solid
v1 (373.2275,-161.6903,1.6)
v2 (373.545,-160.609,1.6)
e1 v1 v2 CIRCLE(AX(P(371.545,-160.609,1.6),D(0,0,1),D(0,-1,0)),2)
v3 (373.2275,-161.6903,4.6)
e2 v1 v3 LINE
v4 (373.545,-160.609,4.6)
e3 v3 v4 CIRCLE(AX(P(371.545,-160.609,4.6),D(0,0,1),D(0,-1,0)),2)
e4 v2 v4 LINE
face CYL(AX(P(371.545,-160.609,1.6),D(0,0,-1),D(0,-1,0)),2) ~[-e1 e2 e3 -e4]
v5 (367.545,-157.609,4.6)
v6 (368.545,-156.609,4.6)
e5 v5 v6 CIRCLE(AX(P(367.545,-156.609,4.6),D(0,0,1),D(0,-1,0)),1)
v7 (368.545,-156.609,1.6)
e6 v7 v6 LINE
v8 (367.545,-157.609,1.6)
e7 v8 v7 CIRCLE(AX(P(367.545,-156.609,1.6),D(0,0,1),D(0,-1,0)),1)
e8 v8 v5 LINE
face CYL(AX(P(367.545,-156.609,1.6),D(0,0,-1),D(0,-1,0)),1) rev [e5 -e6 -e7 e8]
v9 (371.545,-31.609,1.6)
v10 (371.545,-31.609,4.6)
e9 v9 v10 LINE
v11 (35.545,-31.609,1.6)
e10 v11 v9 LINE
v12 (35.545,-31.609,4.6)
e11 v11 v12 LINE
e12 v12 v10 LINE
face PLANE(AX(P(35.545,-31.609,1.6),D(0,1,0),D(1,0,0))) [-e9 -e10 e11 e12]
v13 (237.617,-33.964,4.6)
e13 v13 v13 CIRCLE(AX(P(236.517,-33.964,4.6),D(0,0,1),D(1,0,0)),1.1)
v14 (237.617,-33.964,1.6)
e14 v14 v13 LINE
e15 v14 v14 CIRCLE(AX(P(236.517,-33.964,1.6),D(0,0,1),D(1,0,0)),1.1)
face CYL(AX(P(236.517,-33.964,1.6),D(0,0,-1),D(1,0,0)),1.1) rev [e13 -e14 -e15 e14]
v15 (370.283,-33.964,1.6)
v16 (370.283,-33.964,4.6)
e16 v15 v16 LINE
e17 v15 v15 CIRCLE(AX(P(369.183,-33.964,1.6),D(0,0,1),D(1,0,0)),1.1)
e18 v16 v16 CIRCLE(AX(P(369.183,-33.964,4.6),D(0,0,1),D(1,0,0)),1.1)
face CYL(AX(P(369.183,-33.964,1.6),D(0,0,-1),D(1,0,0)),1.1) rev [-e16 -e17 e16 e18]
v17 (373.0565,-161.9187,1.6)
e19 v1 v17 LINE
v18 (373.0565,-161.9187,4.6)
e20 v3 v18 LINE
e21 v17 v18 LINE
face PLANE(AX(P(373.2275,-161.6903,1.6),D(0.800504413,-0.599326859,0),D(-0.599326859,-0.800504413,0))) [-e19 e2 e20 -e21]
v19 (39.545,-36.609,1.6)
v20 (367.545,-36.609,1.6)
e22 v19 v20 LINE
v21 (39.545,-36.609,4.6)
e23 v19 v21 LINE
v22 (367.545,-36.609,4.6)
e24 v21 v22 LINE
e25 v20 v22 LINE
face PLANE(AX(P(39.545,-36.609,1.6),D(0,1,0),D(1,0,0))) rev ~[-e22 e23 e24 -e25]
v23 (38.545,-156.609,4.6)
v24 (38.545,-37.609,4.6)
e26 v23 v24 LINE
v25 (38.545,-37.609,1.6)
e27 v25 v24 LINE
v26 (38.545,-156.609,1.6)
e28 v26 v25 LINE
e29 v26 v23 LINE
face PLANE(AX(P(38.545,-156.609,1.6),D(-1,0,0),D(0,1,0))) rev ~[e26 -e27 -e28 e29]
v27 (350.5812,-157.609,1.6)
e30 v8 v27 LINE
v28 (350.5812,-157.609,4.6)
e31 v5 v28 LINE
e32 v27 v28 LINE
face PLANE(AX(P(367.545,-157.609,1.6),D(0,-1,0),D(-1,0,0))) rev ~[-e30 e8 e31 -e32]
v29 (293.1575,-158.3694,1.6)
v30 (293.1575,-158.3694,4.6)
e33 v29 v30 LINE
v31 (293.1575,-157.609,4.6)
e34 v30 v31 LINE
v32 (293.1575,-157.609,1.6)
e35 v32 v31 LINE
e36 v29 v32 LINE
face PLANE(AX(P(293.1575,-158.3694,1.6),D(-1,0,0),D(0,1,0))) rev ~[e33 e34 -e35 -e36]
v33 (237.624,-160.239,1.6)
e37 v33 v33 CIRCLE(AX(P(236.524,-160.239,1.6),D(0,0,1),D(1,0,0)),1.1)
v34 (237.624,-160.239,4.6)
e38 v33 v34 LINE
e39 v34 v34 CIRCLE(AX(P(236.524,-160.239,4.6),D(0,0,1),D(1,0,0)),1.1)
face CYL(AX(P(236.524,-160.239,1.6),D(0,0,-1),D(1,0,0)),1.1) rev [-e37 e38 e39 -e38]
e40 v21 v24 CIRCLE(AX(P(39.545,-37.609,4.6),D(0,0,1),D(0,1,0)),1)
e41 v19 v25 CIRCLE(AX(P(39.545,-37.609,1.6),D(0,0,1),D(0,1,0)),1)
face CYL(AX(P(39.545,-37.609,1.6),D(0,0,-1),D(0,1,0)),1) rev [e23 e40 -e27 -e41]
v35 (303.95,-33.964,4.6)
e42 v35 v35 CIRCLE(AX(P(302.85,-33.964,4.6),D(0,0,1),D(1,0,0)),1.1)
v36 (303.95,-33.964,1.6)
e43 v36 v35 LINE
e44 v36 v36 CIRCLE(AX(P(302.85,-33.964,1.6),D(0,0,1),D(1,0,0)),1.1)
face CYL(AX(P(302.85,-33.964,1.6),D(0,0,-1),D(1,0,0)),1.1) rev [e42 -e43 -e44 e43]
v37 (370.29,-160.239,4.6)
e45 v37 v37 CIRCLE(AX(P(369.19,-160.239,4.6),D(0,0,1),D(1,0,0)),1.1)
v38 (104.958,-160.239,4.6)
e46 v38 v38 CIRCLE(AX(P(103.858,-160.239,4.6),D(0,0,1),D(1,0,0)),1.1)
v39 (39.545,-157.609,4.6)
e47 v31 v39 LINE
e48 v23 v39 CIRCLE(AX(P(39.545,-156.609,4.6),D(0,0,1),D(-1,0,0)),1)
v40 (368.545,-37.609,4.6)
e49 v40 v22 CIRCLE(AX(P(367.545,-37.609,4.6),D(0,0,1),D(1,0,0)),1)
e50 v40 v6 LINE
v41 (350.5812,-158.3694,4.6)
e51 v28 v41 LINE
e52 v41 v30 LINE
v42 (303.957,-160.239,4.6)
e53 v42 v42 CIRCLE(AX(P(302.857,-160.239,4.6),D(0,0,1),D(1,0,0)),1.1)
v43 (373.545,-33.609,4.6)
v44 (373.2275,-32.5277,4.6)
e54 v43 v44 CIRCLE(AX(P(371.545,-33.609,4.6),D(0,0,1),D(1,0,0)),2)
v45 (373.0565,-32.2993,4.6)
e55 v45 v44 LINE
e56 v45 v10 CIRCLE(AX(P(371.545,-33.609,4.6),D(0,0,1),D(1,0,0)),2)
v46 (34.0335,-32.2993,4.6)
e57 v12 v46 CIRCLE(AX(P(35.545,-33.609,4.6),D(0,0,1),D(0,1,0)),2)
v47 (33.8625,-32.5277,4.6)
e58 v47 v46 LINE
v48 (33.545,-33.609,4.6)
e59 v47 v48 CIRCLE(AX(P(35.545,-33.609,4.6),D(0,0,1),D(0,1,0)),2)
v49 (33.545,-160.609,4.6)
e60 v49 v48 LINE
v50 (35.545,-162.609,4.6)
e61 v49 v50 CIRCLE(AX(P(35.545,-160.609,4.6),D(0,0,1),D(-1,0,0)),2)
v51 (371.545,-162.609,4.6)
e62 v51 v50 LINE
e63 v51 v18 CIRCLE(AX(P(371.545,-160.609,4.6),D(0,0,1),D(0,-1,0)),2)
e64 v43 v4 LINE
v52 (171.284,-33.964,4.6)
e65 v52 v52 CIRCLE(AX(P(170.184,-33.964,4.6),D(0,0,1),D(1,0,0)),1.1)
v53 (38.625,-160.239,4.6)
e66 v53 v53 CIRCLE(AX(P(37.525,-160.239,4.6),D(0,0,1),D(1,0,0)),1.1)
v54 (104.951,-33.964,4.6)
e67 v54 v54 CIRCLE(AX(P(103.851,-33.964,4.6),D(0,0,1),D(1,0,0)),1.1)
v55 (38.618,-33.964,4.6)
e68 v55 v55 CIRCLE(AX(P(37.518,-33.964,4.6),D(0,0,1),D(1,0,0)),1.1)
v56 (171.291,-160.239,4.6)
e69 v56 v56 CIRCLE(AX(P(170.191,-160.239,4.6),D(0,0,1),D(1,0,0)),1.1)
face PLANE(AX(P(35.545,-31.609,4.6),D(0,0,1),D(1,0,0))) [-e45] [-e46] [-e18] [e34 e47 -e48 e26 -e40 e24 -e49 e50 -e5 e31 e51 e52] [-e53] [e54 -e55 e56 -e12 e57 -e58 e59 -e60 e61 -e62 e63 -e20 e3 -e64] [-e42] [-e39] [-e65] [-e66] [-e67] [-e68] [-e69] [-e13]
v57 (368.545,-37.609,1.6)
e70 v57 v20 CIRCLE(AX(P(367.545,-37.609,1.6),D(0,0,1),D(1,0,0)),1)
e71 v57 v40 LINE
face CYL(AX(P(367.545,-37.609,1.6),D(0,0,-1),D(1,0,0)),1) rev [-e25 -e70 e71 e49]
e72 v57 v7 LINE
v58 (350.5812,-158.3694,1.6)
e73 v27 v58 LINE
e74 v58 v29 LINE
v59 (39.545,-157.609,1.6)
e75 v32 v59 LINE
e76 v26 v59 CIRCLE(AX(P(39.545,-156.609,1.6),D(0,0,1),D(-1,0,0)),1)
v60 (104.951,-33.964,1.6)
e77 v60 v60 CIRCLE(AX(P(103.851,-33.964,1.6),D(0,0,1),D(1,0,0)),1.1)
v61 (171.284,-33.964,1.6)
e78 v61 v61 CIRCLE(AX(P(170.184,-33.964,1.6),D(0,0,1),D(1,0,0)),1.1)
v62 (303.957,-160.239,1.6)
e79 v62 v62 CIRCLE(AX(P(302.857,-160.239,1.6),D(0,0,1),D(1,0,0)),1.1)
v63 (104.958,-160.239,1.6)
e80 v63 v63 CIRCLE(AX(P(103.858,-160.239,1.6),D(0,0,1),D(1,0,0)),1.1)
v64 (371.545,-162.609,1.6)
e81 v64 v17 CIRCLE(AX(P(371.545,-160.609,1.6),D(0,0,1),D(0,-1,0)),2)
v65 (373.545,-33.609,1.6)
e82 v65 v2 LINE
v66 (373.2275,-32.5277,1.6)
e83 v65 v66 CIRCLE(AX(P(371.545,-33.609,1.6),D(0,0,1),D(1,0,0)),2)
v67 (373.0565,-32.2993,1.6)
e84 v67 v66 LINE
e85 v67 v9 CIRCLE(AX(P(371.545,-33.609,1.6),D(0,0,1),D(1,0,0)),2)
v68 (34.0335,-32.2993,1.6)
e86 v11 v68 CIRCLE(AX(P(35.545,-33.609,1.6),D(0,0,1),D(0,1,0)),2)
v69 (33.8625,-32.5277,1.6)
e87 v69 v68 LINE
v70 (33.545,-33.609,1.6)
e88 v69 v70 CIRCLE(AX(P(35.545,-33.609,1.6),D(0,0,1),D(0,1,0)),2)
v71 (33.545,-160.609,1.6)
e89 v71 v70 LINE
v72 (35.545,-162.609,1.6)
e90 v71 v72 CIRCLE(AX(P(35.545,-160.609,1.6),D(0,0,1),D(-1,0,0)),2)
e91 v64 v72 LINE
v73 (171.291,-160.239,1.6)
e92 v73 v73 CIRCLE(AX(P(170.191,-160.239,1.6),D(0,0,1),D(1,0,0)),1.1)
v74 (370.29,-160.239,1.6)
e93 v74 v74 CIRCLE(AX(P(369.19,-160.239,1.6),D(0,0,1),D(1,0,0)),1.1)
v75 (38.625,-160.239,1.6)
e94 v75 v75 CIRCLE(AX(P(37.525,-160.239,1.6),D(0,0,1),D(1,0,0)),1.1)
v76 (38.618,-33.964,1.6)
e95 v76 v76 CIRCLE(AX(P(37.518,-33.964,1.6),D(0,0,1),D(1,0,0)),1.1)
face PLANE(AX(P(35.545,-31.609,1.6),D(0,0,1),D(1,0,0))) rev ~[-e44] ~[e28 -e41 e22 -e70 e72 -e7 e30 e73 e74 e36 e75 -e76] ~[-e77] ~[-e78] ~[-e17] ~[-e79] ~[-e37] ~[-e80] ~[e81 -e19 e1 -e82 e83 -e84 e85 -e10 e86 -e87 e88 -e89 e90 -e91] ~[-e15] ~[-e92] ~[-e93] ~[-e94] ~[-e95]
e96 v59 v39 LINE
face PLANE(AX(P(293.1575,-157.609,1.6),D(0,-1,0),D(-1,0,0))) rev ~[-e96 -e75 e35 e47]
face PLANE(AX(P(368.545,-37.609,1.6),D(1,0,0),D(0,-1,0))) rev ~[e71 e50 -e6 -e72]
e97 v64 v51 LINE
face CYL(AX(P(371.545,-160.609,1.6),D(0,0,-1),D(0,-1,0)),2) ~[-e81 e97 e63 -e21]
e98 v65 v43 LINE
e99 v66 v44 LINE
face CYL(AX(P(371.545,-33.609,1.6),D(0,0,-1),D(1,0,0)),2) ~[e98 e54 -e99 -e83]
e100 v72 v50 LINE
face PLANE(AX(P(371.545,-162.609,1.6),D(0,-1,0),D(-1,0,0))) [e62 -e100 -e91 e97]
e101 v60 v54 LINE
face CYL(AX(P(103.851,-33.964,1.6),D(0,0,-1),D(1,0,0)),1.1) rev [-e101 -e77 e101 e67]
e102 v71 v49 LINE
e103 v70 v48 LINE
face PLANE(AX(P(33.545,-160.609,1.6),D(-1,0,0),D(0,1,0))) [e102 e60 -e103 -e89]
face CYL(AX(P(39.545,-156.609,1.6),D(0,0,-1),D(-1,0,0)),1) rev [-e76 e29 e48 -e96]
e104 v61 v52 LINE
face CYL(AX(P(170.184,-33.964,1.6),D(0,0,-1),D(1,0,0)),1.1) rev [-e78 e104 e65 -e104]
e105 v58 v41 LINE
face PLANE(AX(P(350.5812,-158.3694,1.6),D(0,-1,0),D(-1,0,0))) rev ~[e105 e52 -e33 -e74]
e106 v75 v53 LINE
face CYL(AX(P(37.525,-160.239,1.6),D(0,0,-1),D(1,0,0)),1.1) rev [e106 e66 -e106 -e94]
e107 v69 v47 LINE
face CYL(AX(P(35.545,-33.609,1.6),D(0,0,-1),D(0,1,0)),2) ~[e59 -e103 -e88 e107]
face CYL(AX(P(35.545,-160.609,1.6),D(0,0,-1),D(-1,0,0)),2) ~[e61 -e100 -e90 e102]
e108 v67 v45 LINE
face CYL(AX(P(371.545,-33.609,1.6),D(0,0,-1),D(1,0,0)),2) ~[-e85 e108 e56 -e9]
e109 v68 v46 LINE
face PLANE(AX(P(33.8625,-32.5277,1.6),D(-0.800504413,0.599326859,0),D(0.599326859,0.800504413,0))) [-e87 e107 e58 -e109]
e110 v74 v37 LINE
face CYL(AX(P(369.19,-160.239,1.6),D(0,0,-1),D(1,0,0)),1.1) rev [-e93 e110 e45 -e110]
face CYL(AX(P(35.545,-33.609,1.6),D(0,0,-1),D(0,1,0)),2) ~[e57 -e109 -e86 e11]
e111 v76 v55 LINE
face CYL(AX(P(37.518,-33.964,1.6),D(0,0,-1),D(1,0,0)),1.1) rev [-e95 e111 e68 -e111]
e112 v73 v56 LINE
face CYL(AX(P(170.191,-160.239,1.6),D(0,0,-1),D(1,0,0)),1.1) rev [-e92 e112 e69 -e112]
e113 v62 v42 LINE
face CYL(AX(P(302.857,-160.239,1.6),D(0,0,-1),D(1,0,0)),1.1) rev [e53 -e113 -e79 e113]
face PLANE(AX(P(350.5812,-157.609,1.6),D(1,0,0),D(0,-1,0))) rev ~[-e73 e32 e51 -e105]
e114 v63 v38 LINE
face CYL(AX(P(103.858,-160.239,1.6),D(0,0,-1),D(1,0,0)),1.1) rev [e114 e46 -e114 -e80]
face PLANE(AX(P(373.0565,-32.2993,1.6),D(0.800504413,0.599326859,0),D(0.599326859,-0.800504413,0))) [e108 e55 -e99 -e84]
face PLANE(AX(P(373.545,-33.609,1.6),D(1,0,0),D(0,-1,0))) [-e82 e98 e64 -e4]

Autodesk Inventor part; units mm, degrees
ref_plane "YZ Plane" through (0, 0, 0) normal (1, 0, 0) x (0, 1, 0)
ref_plane "XZ Plane" through (0, 0, 0) normal (0, 1, 0) x (-1, 0, 0)
ref_plane "XY Plane" through (0, 0, 0) normal (0, 0, 1) x (1, 0, 0)
ref_plane "Work Plane2" through (35.545, -31.609, 1.6) normal (0, 0, 1) x (1, 0, 0)
ref_plane "Work Plane1" through (35.545, -31.609, 1.6) normal (0, 0, 1) x (1, 0, 0)
sketch "Sketch1" plane through (35.545, -31.609, 1.6) normal (0, 0, 1) x (1, 0, 0)
  line L0 (0, 0) -> (336, 0) projected
  line L1 (-2, -129) -> (-2, -2) projected
  line L2 (-1.6825, -0.9187) -> (-1.5115, -0.6903) projected
  arc A0 (0, 0) -> (-2, -2) centre (0, -2) ccw
  line L3 (338, -2) -> (338, -129) projected
  line L4 (337.5115, -0.6903) -> (337.6825, -0.9187) projected
  arc A1 (338, -2) -> (336, 0) centre (336, -2) ccw
  line L5 (336, -131) -> (0, -131) projected
  line L6 (337.6825, -130.0813) -> (337.5115, -130.3097) projected
  arc A2 (336, -131) -> (338, -129) centre (336, -129) ccw
  arc A3 (-2, -129) -> (0, -131) centre (0, -129) ccw
  circle A4 centre (1.98, -128.63) radius 1.1 projected
  circle A5 centre (1.98, -128.63) radius 1.1
  circle A6 centre (68.313, -128.63) radius 1.1 projected
  circle A7 centre (134.646, -128.63) radius 1.1 projected
  circle A8 centre (134.646, -128.63) radius 1.1
  circle A9 centre (68.313, -128.63) radius 1.1
  circle A10 centre (200.979, -128.63) radius 1.1 projected
  circle A11 centre (267.312, -128.63) radius 1.1 projected
  circle A12 centre (333.645, -128.63) radius 1.1 projected
  circle A13 centre (333.645, -128.63) radius 1.1
  circle A14 centre (267.312, -128.63) radius 1.1
  circle A15 centre (200.979, -128.63) radius 1.1
  circle A16 centre (333.638, -2.355) radius 1.1 projected
  circle A17 centre (1.973, -2.355) radius 1.1 projected
  circle A18 centre (68.306, -2.355) radius 1.1 projected
  circle A19 centre (134.639, -2.355) radius 1.1 projected
  circle A20 centre (200.972, -2.355) radius 1.1 projected
  circle A21 centre (267.305, -2.355) radius 1.1 projected
  circle A22 centre (333.645, -2.355) radius 1.093
  circle A23 centre (267.305, -2.355) radius 1.1
  circle A24 centre (200.972, -2.355) radius 1.1
  circle A25 centre (134.639, -2.355) radius 1.1
  circle A26 centre (68.306, -2.355) radius 1.1
  circle A27 centre (1.973, -2.355) radius 1.1
  line L7 (3, -4.2357) -> (125.2758, -4.2357) construction
  line L8 (4, -5) -> (332, -5)
  line L9 (333, -6) -> (333, -125)
  line L10 (332, -126) -> (4, -126)
  line L11 (3, -125) -> (3, -6)
  arc A28 (4, -5) -> (3, -6) centre (4, -6) ccw
  arc A29 (333, -6) -> (332, -5) centre (332, -6) ccw
  arc A30 (332, -126) -> (333, -125) centre (332, -125) ccw
  arc A31 (3, -125) -> (4, -126) centre (4, -125) ccw
  circle A32 centre (320.737, -95.692) radius 0.175 projected
  line L12 (257.6125, -126) -> (315.0362, -126)
  line L13 (315.0362, -126) -> (315.0362, -126.7604)
  line L14 (315.0362, -126.7604) -> (257.6125, -126.7604)
  line L15 (257.6125, -126.7604) -> (257.6125, -126)
  point P0 (-35.545, 31.609)
  point P1 (-1.5115, -130.3097)
  point P2 (162.5077, 0)
  point P3 (162.5077, -5)
  point P4 (173.4174, -5)
  point P5 (173.4174, 0)
  point P6 (333, -88.192)
  point P7 (338, -88.192)
  point P8 (333, -102.192)
  point P9 (338, -102.192)
  point P10 (335.5, -88.192)
  point P11 (0, -131)
  point P12 (337.6825, -130.0813)
  point P13 (-1.6825, -0.9187)
  point P14 (337.6825, -0.9187)
  dimension "d2" = 5
  dimension "d3" = 5
  dimension "d4" = 5
  dimension "d5" = 5
  dimension "d6" = 1
  dimension "d7" = 1
  dimension "d8" = 1
  dimension "d9" = 1
extrude "Extrusion3" add sketch "Sketch1" along normal blind 3 contours L0 A1 L4 L3 A2 L6 L5 A3 L1 A0 L2
properties part number "top-layer"
